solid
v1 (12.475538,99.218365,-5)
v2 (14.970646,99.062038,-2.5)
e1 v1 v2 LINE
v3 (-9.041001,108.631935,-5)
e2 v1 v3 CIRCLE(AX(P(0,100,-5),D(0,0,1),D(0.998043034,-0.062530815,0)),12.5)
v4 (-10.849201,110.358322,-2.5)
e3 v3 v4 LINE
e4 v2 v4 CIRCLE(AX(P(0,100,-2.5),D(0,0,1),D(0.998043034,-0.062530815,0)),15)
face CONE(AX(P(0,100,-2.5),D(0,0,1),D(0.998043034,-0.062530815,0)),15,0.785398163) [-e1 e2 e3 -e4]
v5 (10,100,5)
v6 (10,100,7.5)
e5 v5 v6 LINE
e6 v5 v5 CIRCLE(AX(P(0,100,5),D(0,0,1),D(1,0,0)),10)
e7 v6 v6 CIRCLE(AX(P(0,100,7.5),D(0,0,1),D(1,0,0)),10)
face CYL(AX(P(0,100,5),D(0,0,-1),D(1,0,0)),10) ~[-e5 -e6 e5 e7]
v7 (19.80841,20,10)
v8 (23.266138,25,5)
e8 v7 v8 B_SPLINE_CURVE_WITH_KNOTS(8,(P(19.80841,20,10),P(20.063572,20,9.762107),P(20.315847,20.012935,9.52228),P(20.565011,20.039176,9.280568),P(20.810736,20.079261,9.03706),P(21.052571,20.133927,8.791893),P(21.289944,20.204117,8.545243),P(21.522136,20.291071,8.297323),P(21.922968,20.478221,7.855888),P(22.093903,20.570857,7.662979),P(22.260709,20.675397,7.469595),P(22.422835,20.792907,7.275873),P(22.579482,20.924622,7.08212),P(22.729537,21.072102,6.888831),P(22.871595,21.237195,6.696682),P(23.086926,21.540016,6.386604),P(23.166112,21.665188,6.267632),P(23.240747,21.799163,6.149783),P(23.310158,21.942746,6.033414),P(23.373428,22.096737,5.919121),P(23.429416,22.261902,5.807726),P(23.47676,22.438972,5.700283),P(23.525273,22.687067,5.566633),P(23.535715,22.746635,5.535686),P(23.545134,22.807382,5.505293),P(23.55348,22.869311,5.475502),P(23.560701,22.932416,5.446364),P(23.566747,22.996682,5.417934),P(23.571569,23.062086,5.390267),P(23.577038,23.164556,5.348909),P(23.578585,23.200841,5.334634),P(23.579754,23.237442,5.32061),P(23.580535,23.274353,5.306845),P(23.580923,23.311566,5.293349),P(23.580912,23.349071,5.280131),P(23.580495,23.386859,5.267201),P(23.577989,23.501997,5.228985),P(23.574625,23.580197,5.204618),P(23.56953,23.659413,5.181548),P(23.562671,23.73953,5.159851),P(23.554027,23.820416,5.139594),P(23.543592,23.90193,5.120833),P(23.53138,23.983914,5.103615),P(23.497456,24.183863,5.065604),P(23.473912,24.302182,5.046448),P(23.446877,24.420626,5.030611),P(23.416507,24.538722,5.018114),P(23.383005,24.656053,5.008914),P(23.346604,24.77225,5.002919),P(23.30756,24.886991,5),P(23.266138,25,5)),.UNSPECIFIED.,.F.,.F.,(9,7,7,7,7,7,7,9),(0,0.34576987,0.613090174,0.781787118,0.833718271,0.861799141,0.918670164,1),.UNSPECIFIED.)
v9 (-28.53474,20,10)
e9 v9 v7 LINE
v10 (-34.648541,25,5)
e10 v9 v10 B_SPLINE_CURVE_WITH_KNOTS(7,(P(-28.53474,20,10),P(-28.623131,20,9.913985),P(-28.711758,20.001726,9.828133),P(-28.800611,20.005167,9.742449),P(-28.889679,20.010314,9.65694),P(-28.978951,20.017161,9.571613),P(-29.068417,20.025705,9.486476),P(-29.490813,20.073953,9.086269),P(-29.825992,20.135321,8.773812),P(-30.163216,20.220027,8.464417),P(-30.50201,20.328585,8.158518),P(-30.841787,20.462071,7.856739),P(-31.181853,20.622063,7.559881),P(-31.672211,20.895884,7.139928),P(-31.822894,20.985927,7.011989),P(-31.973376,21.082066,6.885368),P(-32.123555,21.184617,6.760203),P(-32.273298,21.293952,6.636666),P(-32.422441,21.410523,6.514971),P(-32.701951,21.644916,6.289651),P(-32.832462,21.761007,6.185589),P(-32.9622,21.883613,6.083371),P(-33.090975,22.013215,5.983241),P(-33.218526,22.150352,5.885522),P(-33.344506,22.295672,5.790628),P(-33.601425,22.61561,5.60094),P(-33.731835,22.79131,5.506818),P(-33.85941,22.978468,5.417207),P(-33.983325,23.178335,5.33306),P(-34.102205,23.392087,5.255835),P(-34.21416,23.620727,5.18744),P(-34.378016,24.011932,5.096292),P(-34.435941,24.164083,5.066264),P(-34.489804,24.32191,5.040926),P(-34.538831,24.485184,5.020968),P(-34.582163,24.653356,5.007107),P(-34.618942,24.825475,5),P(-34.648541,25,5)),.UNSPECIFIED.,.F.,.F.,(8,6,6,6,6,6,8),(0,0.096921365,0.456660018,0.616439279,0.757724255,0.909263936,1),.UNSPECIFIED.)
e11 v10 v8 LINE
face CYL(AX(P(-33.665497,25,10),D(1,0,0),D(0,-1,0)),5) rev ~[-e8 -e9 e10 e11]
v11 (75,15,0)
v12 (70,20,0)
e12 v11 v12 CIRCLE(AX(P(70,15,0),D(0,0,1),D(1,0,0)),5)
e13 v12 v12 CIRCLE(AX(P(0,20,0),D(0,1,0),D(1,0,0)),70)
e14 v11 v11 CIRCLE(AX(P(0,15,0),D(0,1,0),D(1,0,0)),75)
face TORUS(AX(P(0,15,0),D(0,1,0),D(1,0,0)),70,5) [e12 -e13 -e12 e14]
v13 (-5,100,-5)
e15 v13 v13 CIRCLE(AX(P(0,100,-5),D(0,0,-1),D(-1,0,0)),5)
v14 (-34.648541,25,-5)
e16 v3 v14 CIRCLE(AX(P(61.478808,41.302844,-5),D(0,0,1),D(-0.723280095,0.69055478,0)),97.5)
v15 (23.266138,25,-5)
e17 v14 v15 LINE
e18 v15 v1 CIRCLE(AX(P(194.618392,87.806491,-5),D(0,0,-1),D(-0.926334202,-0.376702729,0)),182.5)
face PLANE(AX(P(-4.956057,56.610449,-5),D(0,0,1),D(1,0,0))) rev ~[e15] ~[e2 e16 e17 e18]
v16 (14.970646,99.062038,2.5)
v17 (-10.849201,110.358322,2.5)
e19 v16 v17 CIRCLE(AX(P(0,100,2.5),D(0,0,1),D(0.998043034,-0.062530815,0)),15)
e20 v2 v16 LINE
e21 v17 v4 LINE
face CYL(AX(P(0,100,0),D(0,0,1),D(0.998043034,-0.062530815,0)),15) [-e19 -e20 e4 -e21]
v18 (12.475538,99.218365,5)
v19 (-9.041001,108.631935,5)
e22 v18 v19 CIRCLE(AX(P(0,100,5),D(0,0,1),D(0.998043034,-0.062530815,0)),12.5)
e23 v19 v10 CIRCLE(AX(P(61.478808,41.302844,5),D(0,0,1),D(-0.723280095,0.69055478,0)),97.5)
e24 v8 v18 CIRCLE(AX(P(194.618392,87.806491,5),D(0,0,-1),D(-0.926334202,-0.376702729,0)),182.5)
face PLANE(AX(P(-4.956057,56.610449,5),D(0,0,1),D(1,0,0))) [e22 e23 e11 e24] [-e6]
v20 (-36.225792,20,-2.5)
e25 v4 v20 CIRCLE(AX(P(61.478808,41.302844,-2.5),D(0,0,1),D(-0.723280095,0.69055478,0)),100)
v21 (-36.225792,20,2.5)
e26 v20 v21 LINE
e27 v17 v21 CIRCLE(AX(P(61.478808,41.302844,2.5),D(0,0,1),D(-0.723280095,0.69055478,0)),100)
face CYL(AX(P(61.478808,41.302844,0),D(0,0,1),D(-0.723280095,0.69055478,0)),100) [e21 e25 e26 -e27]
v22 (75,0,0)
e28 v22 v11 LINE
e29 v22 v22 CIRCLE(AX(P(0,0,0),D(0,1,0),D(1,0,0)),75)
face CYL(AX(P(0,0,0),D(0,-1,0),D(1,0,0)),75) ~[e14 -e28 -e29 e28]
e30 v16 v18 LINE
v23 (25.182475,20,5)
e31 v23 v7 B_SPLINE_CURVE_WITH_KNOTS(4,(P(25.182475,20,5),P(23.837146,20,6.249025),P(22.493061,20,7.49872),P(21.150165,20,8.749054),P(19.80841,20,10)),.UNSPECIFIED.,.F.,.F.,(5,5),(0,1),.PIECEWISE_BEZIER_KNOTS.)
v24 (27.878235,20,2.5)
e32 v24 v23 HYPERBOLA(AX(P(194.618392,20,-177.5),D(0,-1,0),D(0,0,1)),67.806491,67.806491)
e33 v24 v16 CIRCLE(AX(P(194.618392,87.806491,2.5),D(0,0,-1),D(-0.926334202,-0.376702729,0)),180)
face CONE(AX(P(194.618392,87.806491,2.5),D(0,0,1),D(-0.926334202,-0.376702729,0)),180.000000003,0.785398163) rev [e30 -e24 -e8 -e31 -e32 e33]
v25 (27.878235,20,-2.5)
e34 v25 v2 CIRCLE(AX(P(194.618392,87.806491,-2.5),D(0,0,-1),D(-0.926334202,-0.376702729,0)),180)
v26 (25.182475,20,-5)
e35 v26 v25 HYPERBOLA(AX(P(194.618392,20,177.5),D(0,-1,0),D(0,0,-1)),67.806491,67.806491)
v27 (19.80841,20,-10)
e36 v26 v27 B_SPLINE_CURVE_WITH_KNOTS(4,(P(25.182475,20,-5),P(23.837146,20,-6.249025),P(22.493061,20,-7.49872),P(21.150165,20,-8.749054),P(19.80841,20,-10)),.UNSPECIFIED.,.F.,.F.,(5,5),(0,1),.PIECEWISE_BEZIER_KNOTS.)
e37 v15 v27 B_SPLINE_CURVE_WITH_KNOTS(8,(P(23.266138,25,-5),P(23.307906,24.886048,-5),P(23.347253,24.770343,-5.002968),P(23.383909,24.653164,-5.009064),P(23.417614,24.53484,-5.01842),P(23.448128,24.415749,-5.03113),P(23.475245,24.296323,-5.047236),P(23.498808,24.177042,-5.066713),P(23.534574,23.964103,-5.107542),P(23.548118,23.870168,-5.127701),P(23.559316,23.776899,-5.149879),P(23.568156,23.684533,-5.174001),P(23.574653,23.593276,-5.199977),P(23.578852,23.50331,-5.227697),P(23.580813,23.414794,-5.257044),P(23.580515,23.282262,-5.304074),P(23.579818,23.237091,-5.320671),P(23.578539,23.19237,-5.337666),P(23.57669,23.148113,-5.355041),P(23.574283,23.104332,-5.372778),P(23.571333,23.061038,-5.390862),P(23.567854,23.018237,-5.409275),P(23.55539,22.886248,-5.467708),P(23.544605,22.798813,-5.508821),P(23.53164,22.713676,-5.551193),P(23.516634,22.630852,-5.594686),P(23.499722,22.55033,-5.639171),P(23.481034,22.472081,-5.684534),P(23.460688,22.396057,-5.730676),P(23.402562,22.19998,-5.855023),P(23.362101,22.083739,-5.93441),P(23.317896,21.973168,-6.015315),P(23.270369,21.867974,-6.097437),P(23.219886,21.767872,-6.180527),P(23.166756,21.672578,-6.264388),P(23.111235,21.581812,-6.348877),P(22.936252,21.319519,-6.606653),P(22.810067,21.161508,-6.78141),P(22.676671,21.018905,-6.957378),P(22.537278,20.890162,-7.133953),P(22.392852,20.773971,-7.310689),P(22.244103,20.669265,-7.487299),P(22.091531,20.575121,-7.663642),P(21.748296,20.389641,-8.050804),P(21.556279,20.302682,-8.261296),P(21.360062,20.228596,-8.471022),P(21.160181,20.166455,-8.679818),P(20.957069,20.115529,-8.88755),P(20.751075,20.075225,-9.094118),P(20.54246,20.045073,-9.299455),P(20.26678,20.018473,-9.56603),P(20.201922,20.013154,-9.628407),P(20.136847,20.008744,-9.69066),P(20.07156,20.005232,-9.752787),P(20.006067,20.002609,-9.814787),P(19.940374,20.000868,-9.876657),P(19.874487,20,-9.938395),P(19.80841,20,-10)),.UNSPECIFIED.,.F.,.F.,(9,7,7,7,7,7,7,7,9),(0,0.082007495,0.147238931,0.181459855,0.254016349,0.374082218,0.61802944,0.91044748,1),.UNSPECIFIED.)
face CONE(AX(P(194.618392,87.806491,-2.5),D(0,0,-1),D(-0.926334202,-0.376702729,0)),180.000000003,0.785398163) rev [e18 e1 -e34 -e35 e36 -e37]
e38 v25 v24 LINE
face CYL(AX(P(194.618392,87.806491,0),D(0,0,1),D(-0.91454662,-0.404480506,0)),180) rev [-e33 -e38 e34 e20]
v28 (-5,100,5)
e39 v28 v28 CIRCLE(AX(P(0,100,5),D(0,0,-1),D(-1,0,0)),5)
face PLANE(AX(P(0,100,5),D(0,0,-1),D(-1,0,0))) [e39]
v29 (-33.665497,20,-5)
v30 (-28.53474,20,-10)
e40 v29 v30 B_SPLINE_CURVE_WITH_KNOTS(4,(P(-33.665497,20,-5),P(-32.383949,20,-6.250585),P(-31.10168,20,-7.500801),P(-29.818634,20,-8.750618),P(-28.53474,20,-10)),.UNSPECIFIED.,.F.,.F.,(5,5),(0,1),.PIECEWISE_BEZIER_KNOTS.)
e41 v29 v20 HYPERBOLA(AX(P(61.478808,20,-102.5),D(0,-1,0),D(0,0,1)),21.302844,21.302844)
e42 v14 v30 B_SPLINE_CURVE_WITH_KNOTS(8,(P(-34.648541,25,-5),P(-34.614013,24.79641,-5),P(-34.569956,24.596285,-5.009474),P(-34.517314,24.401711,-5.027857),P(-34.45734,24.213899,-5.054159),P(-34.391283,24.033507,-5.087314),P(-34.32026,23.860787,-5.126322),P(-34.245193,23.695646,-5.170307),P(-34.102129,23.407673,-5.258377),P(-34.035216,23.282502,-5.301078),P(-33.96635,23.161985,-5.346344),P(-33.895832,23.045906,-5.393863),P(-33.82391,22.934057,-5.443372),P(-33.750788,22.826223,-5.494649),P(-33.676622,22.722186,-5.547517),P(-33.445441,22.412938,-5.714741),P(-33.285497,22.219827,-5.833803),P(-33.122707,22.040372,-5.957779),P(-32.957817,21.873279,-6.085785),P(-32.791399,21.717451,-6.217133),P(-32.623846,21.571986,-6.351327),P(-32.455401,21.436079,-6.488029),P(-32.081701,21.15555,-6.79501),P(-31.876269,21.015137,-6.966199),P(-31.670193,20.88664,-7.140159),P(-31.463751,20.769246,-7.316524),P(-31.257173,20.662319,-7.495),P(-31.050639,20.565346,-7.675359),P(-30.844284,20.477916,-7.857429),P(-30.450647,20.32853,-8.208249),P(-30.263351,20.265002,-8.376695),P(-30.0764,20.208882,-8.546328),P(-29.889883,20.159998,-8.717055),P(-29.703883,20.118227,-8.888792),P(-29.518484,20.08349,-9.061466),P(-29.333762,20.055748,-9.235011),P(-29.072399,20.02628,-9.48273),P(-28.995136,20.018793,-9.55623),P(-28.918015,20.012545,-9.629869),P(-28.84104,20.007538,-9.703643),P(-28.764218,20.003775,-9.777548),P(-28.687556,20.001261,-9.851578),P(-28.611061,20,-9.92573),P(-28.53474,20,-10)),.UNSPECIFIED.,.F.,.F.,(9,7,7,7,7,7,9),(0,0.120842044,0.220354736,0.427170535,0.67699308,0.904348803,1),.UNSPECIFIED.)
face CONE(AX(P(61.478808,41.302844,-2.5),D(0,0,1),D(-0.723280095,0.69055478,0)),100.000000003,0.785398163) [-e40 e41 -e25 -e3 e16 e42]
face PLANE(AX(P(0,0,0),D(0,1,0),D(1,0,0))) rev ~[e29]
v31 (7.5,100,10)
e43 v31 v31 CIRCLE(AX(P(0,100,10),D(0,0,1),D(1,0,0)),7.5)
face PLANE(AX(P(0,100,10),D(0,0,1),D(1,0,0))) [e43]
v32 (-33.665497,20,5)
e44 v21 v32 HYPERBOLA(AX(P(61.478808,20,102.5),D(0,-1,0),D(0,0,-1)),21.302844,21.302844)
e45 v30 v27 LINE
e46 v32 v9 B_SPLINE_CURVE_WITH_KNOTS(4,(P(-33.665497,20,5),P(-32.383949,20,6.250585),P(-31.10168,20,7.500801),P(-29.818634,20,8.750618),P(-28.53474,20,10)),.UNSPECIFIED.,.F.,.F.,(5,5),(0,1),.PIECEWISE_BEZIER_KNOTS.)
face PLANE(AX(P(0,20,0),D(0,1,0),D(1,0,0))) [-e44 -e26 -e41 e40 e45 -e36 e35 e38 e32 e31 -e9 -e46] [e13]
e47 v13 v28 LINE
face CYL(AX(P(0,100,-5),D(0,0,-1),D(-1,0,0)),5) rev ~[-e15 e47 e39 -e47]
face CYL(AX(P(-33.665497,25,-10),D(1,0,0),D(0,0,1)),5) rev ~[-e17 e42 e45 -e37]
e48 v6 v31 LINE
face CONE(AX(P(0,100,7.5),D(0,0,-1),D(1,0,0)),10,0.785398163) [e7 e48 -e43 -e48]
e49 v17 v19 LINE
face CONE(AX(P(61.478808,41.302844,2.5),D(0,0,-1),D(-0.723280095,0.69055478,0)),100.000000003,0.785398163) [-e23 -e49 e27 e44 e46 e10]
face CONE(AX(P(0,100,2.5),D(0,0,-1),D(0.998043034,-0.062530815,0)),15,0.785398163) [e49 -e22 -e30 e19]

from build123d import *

# Parameters (mm, degrees)
SKETCH1_R           = 75
BOSS_EXTRUDE1_DEPTH = 20
FILLET1_R           = 5
BOSS_EXTRUDE2_DEPTH = 5
CHAMFER1_SIZE       = 2.5
FILLET2_R           = 5
SKETCH3_R           = 10
BOSS_EXTRUDE3_DEPTH = 5
CHAMFER2_SIZE       = 2.5
SKETCH4_R           = 5
CUT_EXTRUDE1_DEPTH  = 10


with BuildPart() as part:
    # Sketch1 → Boss-Extrude1 (new body)
    with BuildSketch(Plane(origin=(0, 0, 0), x_dir=(1, 0, 0), z_dir=(0, 1, 0))):
        Circle(SKETCH1_R)
    extrude(amount=BOSS_EXTRUDE1_DEPTH)

    # Fillet1
    fillet1_edges = [part.edges().sort_by_distance(p)[0] for p in [
        (-75, 20, 0),
    ]]
    fillet(fillet1_edges, radius=FILLET1_R)

    # Sketch2 → Boss-Extrude2 (add, symmetric)
    with BuildSketch(Plane.XY):
        with BuildLine():
            Line((-35, 15), (30, 15))
            ThreePointArc((30, 15), (17.428098582, 56.126843631), (14.970645506, 99.06203778))
            ThreePointArc((14.970645506, 99.06203778), (6.012327577, 113.742340307), (-10.849201429, 110.358321696))
            ThreePointArc((-10.849201429, 110.358321696), (-35.460543036, 65.854059614), (-35, 15))
        make_face()
    extrude(amount=BOSS_EXTRUDE2_DEPTH, both=True)

    # Chamfer1
    chamfer1_edges = [part.edges().sort_by_distance(p)[0] for p in [
        (-34.796467261, 68.341174934, -5),
        (16.970295051, 58.803839559, -5),
        (6.012327577, 113.742340307, -5),
        (16.970295051, 58.803839559, 5),
        (6.012327577, 113.742340307, 5),
        (-34.796467261, 68.341174934, 5),
    ]]
    chamfer(chamfer1_edges, length=CHAMFER1_SIZE)

    # Fillet2
    fillet2_edges = [part.edges().sort_by_distance(p)[0] for p in [
        (-4.241511046, 20, -5),
        (-4.241511046, 20, 5),
    ]]
    fillet(fillet2_edges, radius=FILLET2_R)

    # Sketch3 → Boss-Extrude3 (add)
    with BuildSketch(Plane.XY.offset(5)):
        with Locations((0, 100)):
            Circle(SKETCH3_R)
    extrude(amount=BOSS_EXTRUDE3_DEPTH)

    # Chamfer2
    chamfer2_edges = [part.edges().sort_by_distance(p)[0] for p in [
        (-10, 100, 10),
    ]]
    chamfer(chamfer2_edges, length=CHAMFER2_SIZE)

    # Sketch4 → Cut-Extrude1 (cut)
    with BuildSketch(Plane(origin=(0, 0, -5), x_dir=(-1, 0, 0), z_dir=(0, 0, -1))):
        with Locations((0, 100)):
            Circle(SKETCH4_R)
    extrude(amount=-CUT_EXTRUDE1_DEPTH, mode=Mode.SUBTRACT)


solid = part.part
